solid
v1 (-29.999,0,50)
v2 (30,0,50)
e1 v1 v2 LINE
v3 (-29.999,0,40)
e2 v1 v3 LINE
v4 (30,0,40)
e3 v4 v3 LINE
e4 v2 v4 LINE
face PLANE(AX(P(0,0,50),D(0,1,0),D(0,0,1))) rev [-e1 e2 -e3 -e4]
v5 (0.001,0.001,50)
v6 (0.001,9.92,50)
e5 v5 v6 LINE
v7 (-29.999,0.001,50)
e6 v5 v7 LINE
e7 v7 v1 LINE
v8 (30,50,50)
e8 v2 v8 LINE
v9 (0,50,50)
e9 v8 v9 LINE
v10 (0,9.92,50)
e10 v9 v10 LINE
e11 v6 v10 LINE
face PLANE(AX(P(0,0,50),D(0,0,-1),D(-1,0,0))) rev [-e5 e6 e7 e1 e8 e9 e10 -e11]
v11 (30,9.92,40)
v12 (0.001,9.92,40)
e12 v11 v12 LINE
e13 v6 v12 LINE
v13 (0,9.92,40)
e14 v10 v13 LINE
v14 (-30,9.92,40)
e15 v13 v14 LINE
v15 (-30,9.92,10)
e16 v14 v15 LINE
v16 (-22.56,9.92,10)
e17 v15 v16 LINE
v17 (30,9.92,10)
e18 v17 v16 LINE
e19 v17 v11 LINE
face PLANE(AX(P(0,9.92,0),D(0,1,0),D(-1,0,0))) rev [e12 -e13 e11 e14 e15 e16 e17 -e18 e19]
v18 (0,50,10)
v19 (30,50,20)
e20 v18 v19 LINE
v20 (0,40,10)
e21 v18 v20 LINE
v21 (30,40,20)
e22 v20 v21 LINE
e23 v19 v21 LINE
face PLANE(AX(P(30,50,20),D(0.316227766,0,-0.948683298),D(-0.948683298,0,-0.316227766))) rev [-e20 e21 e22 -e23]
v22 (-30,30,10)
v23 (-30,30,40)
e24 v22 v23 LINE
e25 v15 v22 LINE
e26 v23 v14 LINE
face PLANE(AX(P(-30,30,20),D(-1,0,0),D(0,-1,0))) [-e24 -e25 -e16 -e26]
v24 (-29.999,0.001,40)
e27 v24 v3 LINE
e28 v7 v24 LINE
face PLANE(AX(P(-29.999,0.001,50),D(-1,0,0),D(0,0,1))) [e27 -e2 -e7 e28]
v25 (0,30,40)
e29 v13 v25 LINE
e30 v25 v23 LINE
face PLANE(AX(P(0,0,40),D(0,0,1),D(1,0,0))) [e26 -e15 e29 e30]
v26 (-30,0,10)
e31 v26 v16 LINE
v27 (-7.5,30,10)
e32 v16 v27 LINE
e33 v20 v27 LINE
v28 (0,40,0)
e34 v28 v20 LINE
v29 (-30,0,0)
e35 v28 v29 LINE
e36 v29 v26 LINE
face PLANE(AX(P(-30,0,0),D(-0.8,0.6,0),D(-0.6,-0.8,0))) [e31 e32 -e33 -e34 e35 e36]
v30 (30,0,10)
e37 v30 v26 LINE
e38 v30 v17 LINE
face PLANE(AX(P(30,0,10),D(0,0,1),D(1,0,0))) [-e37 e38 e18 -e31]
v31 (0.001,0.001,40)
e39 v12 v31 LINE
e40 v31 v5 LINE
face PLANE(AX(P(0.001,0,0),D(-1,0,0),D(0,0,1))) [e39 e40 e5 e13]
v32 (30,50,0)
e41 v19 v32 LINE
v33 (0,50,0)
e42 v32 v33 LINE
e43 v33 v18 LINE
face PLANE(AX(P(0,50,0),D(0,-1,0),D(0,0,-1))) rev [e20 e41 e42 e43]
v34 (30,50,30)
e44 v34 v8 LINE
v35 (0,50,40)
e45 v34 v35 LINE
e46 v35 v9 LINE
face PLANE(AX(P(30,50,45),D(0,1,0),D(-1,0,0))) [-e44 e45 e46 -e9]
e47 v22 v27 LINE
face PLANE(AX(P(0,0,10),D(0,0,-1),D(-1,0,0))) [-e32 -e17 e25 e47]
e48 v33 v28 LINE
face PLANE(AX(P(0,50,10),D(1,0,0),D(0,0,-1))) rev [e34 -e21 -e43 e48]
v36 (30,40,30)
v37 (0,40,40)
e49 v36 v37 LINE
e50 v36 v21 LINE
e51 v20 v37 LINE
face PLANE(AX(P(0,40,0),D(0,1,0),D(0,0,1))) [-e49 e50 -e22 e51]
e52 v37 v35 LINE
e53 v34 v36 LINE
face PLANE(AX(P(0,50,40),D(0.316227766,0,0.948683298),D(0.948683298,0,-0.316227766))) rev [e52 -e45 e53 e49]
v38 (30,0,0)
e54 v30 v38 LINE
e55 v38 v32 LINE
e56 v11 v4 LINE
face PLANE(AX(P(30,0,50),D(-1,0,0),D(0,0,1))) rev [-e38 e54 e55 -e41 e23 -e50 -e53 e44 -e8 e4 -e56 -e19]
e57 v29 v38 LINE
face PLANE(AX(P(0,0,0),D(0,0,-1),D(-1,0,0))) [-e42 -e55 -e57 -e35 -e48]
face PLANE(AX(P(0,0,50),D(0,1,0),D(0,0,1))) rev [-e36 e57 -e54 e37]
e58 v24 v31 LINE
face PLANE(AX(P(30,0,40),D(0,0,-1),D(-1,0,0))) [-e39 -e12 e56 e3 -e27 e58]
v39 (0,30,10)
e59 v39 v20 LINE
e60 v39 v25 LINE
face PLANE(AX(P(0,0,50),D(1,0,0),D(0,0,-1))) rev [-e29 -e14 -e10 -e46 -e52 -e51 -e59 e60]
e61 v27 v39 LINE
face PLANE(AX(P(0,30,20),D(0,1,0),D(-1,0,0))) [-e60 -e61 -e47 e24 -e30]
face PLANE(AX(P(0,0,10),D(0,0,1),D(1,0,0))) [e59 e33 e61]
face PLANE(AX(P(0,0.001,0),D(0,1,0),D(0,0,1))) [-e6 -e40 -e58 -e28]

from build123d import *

# Parameters (mm, degrees)
SKETCH1_W               = 30
SKETCH1_H               = 50
BOSS_EXTRUDE1_DEPTH     = 50
SKETCH2_W               = 30
SKETCH2_H               = 20
BOSS_EXTRUDE2_DEPTH     = 30
SKETCH3_W               = 30
SKETCH3_H               = 20
CUT_EXTRUDE1_DEPTH      = 10
SKETCH4_W               = 30
SKETCH4_H               = 20
BOSS_EXTRUDE3_DEPTH     = 10
SKETCH6_W               = 30
SKETCH6_H               = 50
CUT_EXTRUDE2_DEPTH      = 10
BOSS_EXTRUDE6_DEPTH     = 30
SKETCH10_W              = 30
SKETCH10_H              = 10
BOSS_EXTRUDE8_DEPTH     = 5
SKETCH11_W              = 30
SKETCH11_H              = 10
BOSS_EXTRUDE9_DEPTH     = 5
BOSS_EXTRUDE10_DEPTH    = 10
BOSS_EXTRUDE11_DEPTH    = 10
CUT_EXTRUDE3_DEPTH      = 30
CUT_EXTRUDE3_DEPTH_BACK = 30
SKETCH14_W              = 30
SKETCH14_H              = 10
CUT_EXTRUDE4_DEPTH      = 20
SKETCH19_W              = 36.844767133
SKETCH19_H              = 14.176927822
BOSS_EXTRUDE18_DEPTH    = 10
SKETCH20_W              = 30
SKETCH20_H              = 10
BOSS_EXTRUDE19_DEPTH    = 10
SKETCH22_W              = 36.844767133
SKETCH22_H              = 14.176927822
CUT_EXTRUDE6_DEPTH      = 9.75
SKETCH25_W              = 36.844767133
SKETCH25_H              = 14.176927822
CUT_EXTRUDE14_DEPTH     = 0.12
SKETCH26_W              = 36.844767133
SKETCH26_H              = 14.176927822
CUT_EXTRUDE15_DEPTH     = 0.12
SKETCH29_W              = 36.844767133
SKETCH29_H              = 14.176927822
BOSS_EXTRUDE21_DEPTH    = 0.05
SKETCH31_W              = 60
SKETCH31_H              = 30
BOSS_EXTRUDE25_DEPTH    = 0.08
SKETCH32_W              = 30
SKETCH32_H              = 10
CUT_EXTRUDE22_DEPTH     = 10
SKETCH38_W              = 10
SKETCH38_H              = 9.92
CUT_EXTRUDE26_DEPTH     = 0.001
SKETCH39_W              = 30
SKETCH39_H              = 10
BOSS_EXTRUDE31_DEPTH    = 0.001


with BuildPart() as part:
    # Sketch1 → Boss-Extrude1 (new body)
    with BuildSketch(Plane.XY):
        with Locations((15, 25)):
            Rectangle(SKETCH1_W, SKETCH1_H)
    extrude(amount=BOSS_EXTRUDE1_DEPTH)

    # Sketch2 → Boss-Extrude2 (add)
    with BuildSketch(Plane.XY.offset(50)):
        with Locations((-15, 20)):
            Rectangle(SKETCH2_W, SKETCH2_H)
    extrude(amount=-BOSS_EXTRUDE2_DEPTH)

    # Sketch3 → Cut-Extrude1 (cut)
    with BuildSketch(Plane.XY.offset(50)):
        with Locations((-15, 20)):
            Rectangle(SKETCH3_W, SKETCH3_H)
    extrude(amount=-CUT_EXTRUDE1_DEPTH, mode=Mode.SUBTRACT)

    # Sketch4 → Boss-Extrude3 (add)
    with BuildSketch(Plane(origin=(0, 0, 20), x_dir=(-1, 0, 0), z_dir=(0, 0, -1))):
        with Locations((15, 20)):
            Rectangle(SKETCH4_W, SKETCH4_H)
    extrude(amount=BOSS_EXTRUDE3_DEPTH)

    # Sketch6 → Cut-Extrude2 (cut)
    with BuildSketch(Plane(origin=(0, 50, 0), x_dir=(1, 0, 0), z_dir=(0, 1, 0))):
        with Locations((15, -25)):
            Rectangle(SKETCH6_W, SKETCH6_H)
    extrude(amount=-CUT_EXTRUDE2_DEPTH, mode=Mode.SUBTRACT)

    # Sketch9 → Boss-Extrude6 (add)
    with BuildSketch(Plane.XY.offset(30)):
        Polygon((-30, 0), (0, 0), (0, 40), align=None)
    extrude(amount=-BOSS_EXTRUDE6_DEPTH)

    # Sketch10 → Boss-Extrude8 (add)
    with BuildSketch(Plane.XY.offset(50)):
        with Locations((15, 45)):
            Rectangle(SKETCH10_W, SKETCH10_H)
    extrude(amount=-BOSS_EXTRUDE8_DEPTH)

    # Sketch11 → Boss-Extrude9 (add)
    with BuildSketch(Plane(origin=(0, 0, 45), x_dir=(-1, 0, 0), z_dir=(0, 0, -1))):
        with Locations((-15, 45)):
            Rectangle(SKETCH11_W, SKETCH11_H)
    extrude(amount=BOSS_EXTRUDE9_DEPTH)

    # Sketch12 → Boss-Extrude10 (add)
    with BuildSketch(Plane(origin=(0, 40, 0), x_dir=(1, 0, 0), z_dir=(0, 1, 0))):
        Polygon((0, -40), (30, -30), (30, -40), align=None)
    extrude(amount=BOSS_EXTRUDE10_DEPTH)

    # Sketch13 → Boss-Extrude11 (add)
    with BuildSketch(Plane(origin=(0, 40, 0), x_dir=(1, 0, 0), z_dir=(0, 1, 0))):
        Polygon((0, 0), (30, 0), (30, -20), (0, -10), align=None)
    extrude(amount=BOSS_EXTRUDE11_DEPTH)

    # Sketch14 → Cut-Extrude3 (cut, two sides: drawn at the far end of the back side and taken through both)
    with BuildSketch(Plane(origin=(0, 0, 0), x_dir=(0, 0, -1), z_dir=(1, 0, 0)).offset(-CUT_EXTRUDE3_DEPTH_BACK)):
        with Locations((-25, 5)):
            Rectangle(SKETCH14_W, SKETCH14_H)
    extrude(amount=CUT_EXTRUDE3_DEPTH + CUT_EXTRUDE3_DEPTH_BACK, mode=Mode.SUBTRACT)

    # Sketch15 → Cut-Extrude4 (cut)
    with BuildSketch(Plane.XY.offset(30)):
        Polygon((-7.5, 30), (0, 30), (0, 40), align=None)
    extrude(amount=-CUT_EXTRUDE4_DEPTH, mode=Mode.SUBTRACT)

    # Sketch19 → Boss-Extrude18 (add)
    with BuildSketch(Plane(origin=(0, 10, 0), x_dir=(-1, 0, 0), z_dir=(0, -1, 0))):
        with Locations((11.577616434, -32.911536089)):
            Rectangle(SKETCH19_W, SKETCH19_H)
    extrude(amount=BOSS_EXTRUDE18_DEPTH)

    # Sketch20 → Boss-Extrude19 (add)
    with BuildSketch(Plane.XY.offset(50)):
        with Locations((-15, 5)):
            Rectangle(SKETCH20_W, SKETCH20_H)
    extrude(amount=-BOSS_EXTRUDE19_DEPTH)

    # Sketch22 → Cut-Extrude6 (cut)
    with BuildSketch(Plane(origin=(0, 0, 0), x_dir=(-1, 0, 0), z_dir=(0, -1, 0))):
        with Locations((11.577616434, -32.911536089)):
            Rectangle(SKETCH22_W, SKETCH22_H)
    extrude(amount=-CUT_EXTRUDE6_DEPTH, mode=Mode.SUBTRACT)

    # Sketch25 → Cut-Extrude14 (cut)
    with BuildSketch(Plane(origin=(0, 9.75, 0), x_dir=(-1, 0, 0), z_dir=(0, -1, 0))):
        with Locations((11.577616434, -32.911536089)):
            Rectangle(SKETCH25_W, SKETCH25_H)
    extrude(amount=-CUT_EXTRUDE14_DEPTH, mode=Mode.SUBTRACT)

    # Sketch26 → Cut-Extrude15 (cut)
    with BuildSketch(Plane.XZ.offset(-9.87)):
        with Locations((-11.577616434, 32.911536089)):
            Rectangle(SKETCH26_W, SKETCH26_H)
    extrude(amount=-CUT_EXTRUDE15_DEPTH, mode=Mode.SUBTRACT)

    # Sketch29 → Boss-Extrude21 (add)
    with BuildSketch(Plane.XZ.offset(-10)):
        with Locations((-11.577616434, 32.911536089)):
            Rectangle(SKETCH29_W, SKETCH29_H)
    extrude(amount=BOSS_EXTRUDE21_DEPTH)

    # Sketch31 → Boss-Extrude25 (add)
    with BuildSketch(Plane(origin=(0, 10, 0), x_dir=(-1, 0, 0), z_dir=(0, -1, 0))):
        with Locations((0, -25)):
            Rectangle(SKETCH31_W, SKETCH31_H)
    extrude(amount=BOSS_EXTRUDE25_DEPTH)

    # Sketch32 → Cut-Extrude22 (cut)
    with BuildSketch(Plane.XY.offset(50)):
        with Locations((-15, 5)):
            Rectangle(SKETCH32_W, SKETCH32_H)
    extrude(amount=-CUT_EXTRUDE22_DEPTH, mode=Mode.SUBTRACT)

    # Sketch38 → Cut-Extrude26 (cut)
    with BuildSketch(Plane.ZY):
        with Locations((45, 4.96)):
            Rectangle(SKETCH38_W, SKETCH38_H)
    extrude(amount=-CUT_EXTRUDE26_DEPTH, mode=Mode.SUBTRACT)

    # Sketch39 → Boss-Extrude31 (add)
    with BuildSketch(Plane(origin=(0, 0, 0), x_dir=(-1, 0, 0), z_dir=(0, -1, 0))):
        with Locations((14.999, -45)):
            Rectangle(SKETCH39_W, SKETCH39_H)
    extrude(amount=-BOSS_EXTRUDE31_DEPTH)


solid = part.part
